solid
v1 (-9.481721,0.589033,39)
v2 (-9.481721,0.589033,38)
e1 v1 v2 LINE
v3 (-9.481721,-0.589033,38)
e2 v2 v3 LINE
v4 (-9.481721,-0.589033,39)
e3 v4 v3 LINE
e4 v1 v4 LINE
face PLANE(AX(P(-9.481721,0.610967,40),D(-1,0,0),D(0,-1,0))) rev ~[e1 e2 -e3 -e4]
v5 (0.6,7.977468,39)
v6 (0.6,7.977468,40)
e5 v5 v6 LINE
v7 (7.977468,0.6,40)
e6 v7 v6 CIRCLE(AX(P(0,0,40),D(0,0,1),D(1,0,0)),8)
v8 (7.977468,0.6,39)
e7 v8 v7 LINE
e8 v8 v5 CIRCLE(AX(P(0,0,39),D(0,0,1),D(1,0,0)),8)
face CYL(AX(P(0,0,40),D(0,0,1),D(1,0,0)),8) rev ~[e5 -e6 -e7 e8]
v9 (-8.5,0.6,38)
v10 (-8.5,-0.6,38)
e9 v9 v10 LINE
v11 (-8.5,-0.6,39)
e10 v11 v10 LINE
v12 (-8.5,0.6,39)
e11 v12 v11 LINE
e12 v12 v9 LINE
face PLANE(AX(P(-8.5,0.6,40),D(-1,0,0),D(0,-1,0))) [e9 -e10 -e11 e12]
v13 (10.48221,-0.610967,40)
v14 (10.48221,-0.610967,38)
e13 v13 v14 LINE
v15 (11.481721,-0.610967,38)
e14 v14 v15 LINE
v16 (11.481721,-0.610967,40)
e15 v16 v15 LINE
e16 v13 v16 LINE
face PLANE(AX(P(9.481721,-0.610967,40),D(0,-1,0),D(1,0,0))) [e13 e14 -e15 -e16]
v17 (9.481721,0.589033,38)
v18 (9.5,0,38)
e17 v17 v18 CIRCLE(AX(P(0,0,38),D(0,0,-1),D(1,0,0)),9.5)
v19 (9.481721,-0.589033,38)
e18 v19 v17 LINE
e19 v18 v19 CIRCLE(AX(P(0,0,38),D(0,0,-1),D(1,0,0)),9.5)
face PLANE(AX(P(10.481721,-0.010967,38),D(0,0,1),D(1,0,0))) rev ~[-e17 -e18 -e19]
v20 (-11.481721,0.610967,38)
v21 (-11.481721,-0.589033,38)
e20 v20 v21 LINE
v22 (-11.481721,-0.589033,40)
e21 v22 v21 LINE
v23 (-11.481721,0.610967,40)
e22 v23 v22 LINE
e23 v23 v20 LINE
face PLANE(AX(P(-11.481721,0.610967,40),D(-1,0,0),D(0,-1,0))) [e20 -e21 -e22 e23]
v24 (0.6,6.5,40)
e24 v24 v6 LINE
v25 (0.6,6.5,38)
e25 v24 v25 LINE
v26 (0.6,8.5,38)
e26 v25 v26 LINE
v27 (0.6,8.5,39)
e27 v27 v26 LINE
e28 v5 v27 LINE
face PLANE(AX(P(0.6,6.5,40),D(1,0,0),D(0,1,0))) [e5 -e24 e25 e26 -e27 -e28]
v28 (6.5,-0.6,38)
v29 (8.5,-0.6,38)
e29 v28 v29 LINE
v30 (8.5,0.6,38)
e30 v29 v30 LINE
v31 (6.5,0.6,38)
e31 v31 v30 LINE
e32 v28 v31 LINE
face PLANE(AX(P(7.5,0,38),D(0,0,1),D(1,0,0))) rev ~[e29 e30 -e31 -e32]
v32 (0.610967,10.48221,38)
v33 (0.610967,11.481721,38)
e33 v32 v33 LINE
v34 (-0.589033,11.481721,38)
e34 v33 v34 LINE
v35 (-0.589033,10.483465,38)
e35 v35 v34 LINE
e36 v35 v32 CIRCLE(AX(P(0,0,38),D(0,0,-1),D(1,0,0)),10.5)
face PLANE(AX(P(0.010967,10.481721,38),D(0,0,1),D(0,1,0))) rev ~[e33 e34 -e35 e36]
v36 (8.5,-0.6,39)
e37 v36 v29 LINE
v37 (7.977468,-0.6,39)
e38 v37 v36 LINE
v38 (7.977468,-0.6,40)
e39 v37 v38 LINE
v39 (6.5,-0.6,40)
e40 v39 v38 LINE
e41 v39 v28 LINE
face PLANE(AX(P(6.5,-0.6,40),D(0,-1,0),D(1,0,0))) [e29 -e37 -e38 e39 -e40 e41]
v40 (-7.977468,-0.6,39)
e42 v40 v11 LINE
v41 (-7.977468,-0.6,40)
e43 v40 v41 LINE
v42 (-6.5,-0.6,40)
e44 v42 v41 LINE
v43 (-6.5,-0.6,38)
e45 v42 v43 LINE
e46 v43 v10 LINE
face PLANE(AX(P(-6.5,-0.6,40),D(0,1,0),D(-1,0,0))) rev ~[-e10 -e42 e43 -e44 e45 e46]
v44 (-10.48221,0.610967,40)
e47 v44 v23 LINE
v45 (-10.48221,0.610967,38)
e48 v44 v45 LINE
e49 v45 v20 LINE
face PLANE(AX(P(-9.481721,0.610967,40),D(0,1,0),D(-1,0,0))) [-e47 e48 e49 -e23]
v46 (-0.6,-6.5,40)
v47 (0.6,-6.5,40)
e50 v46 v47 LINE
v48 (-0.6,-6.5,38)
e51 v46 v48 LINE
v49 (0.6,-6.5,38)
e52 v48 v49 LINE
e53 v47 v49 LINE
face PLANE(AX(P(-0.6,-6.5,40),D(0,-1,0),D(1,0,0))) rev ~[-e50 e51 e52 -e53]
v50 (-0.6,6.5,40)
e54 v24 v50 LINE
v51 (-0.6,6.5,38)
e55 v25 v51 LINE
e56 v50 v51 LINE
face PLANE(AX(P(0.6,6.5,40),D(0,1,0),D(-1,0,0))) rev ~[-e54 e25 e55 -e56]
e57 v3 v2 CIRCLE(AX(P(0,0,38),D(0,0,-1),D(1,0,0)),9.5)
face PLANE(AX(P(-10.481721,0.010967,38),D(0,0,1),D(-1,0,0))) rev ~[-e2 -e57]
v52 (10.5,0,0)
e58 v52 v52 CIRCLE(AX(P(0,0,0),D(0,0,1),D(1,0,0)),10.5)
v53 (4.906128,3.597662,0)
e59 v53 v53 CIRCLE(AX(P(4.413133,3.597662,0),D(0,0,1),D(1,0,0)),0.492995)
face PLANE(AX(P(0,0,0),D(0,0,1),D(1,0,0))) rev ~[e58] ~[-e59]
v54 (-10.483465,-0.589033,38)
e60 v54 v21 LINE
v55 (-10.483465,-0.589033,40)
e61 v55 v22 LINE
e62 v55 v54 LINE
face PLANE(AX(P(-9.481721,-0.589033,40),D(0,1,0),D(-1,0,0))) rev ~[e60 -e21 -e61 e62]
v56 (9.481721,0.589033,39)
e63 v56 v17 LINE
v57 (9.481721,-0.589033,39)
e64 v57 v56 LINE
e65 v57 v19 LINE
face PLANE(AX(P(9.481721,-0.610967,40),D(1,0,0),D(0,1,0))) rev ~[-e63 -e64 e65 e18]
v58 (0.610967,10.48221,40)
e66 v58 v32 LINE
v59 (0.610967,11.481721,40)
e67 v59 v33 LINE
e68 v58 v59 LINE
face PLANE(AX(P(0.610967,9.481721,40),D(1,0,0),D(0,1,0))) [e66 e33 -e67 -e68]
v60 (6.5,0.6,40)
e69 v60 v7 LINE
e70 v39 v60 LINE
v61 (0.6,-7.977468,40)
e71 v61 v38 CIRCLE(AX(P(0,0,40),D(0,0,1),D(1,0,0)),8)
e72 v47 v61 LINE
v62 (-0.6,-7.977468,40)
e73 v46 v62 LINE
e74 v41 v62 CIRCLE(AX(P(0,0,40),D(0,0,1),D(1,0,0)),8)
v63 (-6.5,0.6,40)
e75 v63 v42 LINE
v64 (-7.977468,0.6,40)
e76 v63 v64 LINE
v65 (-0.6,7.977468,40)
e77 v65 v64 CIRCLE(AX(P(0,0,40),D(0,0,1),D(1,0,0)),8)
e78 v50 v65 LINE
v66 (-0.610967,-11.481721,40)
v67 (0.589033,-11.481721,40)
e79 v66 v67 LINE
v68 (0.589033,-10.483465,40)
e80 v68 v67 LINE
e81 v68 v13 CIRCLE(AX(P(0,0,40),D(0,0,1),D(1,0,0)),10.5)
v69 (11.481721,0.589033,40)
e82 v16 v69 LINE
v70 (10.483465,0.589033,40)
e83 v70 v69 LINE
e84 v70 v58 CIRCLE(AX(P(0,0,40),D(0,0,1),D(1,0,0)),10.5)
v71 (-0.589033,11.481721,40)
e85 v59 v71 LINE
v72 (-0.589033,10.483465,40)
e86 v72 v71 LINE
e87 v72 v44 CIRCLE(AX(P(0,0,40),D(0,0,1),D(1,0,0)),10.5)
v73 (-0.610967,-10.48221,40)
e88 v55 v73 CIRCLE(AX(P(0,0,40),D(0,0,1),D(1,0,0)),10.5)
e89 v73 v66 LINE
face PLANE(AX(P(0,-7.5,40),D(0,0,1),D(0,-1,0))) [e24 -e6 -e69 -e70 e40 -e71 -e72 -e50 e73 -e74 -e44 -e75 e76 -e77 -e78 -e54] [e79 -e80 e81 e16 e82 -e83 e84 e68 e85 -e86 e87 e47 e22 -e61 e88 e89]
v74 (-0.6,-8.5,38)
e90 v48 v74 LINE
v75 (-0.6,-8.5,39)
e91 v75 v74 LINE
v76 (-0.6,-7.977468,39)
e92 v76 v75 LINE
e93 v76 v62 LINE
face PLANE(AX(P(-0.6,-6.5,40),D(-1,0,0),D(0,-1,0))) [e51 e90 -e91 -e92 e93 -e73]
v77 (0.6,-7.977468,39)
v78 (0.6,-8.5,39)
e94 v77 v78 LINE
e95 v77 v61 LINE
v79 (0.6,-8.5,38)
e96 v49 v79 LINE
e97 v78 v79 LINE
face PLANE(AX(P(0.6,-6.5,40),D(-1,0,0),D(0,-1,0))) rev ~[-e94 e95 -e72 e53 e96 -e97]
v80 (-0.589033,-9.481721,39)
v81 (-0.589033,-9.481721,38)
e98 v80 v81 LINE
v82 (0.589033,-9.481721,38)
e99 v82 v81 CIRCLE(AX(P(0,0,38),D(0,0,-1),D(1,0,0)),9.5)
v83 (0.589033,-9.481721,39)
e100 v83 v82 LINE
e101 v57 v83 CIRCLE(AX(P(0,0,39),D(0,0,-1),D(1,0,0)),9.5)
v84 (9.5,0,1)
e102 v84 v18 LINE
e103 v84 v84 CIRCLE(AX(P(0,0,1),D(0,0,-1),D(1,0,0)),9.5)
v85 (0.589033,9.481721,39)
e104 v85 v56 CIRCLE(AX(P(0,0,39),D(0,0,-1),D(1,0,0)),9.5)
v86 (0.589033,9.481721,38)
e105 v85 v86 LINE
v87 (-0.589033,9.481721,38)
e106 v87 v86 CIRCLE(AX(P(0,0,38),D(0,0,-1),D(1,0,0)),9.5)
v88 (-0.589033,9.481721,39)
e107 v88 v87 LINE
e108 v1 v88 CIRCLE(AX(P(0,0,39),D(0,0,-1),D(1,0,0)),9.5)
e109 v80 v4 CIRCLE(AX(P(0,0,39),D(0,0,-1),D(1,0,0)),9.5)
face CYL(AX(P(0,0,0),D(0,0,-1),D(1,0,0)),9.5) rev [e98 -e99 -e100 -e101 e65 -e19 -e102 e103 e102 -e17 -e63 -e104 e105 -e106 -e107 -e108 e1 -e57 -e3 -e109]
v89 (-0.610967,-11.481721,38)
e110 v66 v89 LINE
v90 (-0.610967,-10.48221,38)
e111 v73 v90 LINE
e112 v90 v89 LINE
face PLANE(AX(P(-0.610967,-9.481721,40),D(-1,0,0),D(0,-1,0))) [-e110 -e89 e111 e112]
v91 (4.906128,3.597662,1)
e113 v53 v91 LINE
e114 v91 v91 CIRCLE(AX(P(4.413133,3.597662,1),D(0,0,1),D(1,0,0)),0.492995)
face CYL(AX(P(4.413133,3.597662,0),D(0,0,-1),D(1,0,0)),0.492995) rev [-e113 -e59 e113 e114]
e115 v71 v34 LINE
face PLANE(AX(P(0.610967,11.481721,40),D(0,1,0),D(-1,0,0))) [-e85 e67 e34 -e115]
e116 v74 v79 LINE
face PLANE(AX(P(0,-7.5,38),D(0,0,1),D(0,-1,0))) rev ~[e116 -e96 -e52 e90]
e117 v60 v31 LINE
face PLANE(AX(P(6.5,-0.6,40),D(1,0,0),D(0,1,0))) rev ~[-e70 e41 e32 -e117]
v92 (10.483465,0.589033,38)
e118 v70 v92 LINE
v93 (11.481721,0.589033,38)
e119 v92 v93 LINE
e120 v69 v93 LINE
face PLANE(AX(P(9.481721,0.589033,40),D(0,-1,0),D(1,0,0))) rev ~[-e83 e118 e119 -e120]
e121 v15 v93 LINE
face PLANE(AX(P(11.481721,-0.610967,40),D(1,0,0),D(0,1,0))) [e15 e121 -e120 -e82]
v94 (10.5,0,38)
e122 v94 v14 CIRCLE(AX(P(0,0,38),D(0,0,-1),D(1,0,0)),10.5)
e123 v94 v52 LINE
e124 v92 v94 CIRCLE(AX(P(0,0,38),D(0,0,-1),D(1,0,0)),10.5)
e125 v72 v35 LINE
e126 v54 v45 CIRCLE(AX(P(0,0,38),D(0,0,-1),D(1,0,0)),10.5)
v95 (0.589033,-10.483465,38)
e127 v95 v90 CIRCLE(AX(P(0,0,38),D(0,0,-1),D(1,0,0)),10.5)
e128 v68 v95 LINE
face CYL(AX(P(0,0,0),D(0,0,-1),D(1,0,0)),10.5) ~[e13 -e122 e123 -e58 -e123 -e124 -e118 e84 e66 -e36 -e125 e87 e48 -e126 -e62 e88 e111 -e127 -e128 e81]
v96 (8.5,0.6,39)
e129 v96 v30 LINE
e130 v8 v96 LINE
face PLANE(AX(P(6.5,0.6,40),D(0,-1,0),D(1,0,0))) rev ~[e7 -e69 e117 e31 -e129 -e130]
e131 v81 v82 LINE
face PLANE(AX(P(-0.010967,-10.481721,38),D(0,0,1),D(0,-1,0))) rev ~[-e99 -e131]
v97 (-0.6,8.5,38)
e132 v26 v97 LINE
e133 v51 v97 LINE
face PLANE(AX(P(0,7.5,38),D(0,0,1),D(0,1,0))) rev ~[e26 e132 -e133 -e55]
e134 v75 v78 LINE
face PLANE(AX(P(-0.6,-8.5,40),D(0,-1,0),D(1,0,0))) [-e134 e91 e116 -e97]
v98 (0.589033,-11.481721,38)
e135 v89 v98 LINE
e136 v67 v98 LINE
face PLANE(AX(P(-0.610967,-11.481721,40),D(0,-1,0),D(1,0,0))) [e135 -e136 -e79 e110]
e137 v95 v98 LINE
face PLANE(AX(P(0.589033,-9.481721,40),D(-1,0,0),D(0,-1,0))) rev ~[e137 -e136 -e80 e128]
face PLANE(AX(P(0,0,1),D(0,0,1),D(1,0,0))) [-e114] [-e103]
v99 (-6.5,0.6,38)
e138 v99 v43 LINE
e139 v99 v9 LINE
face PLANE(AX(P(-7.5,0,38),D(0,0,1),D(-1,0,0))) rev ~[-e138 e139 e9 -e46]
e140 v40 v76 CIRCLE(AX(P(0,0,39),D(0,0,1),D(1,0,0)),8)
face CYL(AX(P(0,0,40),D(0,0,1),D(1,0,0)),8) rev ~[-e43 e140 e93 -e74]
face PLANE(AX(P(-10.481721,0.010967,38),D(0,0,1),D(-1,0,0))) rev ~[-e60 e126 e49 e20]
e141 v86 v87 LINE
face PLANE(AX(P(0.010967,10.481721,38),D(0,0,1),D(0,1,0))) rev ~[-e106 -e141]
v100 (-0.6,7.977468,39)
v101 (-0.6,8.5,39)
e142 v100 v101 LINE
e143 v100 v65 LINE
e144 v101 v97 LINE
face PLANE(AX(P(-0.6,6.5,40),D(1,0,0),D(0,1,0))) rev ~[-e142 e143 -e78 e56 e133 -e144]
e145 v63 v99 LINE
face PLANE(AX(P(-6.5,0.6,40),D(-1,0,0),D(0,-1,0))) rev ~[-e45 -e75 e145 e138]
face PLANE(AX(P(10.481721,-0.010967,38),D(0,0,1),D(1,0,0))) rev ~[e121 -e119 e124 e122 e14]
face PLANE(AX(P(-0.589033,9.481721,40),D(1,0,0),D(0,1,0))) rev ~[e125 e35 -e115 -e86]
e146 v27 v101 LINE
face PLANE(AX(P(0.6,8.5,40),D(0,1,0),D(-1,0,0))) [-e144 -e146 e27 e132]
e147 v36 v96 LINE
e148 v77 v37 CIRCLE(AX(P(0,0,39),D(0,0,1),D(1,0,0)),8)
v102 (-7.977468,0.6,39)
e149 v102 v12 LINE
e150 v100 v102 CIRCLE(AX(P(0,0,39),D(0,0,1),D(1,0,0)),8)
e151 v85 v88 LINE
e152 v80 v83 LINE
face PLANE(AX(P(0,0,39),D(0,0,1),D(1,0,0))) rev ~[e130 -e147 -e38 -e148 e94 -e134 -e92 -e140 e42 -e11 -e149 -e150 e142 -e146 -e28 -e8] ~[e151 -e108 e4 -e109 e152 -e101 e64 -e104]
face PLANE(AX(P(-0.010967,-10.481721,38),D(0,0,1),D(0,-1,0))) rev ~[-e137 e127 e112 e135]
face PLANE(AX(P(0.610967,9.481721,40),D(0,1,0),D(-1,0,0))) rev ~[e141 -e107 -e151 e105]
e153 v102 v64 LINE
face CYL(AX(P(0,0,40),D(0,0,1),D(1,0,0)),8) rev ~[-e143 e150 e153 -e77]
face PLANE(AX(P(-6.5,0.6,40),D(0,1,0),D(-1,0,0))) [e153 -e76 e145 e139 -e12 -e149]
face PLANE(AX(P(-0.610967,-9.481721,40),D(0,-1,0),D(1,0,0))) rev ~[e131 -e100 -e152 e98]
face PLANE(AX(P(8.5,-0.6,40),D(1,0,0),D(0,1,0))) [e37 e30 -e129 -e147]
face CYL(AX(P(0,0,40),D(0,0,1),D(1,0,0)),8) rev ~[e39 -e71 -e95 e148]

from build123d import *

# Parameters (mm, degrees)
SKETCH_1_R               = 10.5
SKETCH_1_R_2             = 9.5
EXTRUDE_1_DEPTH          = 40
SKETCH_2_R               = 10.5
EXTRUDE_2_DEPTH          = 1
SKETCH_3_R               = 0.492995
CUT_EXTRUDE_1_DEPTH      = 1
EXTRUDE_START            = 40
SKETCH_6_R               = 10
SKETCH_6_R_2             = 8
EXTRUDE_3_DEPTH          = 1
SKETCH_5_W               = 2
SKETCH_5_H               = 1.2
EXTRUDE_4_DEPTH          = 2
PATTERN_CIRCULAR_1_COUNT = 4


with BuildPart() as part:
    # ｽｹｯﾁ1 → ﾎﾞｽ - 押し出し1 (new body)
    with BuildSketch(Plane.XY):
        Circle(SKETCH_1_R)
        Circle(SKETCH_1_R_2, mode=Mode.SUBTRACT)
    extrude(amount=EXTRUDE_1_DEPTH)

    # ｽｹｯﾁ2 → ﾎﾞｽ - 押し出し2 (add)
    with BuildSketch(Plane.XY):
        Circle(SKETCH_2_R)
    extrude(amount=EXTRUDE_2_DEPTH)

    # ｽｹｯﾁ3 → ｶｯﾄ - 押し出し1 (cut)
    with BuildSketch(Plane.XY):
        with Locations((4.413132646, 3.597662483)):
            Circle(SKETCH_3_R)
    extrude(amount=CUT_EXTRUDE_1_DEPTH, mode=Mode.SUBTRACT)

    # ｽｹｯﾁ6 → ﾎﾞｽ - 押し出し3 (add)
    with BuildSketch(Plane.XY.offset(EXTRUDE_START)):
        Circle(SKETCH_6_R)
        Circle(SKETCH_6_R_2, mode=Mode.SUBTRACT)
    extrude(amount=-EXTRUDE_3_DEPTH)

    # ｽｹｯﾁ5 → ﾎﾞｽ - 押し出し4 (add)
    with BuildSketch(Plane.XY.offset(40)):
        with Locations((7.5, 0)):
            Rectangle(SKETCH_5_W, SKETCH_5_H)
        with Locations((10.48172138, -0.010967172)):
            Rectangle(SKETCH_5_W, SKETCH_5_H)
    extrude_4 = extrude(amount=-EXTRUDE_4_DEPTH)

    # 円形ﾊﾟﾀｰﾝ1: ﾎﾞｽ - 押し出し4 ×4 about axis
    pattern_circular_1_axis = Axis((0, 0, 0), (0, 0, 1))
    for i in range(1, PATTERN_CIRCULAR_1_COUNT):
        add(extrude_4.rotate(pattern_circular_1_axis, i * 360 / PATTERN_CIRCULAR_1_COUNT))


solid = part.part
